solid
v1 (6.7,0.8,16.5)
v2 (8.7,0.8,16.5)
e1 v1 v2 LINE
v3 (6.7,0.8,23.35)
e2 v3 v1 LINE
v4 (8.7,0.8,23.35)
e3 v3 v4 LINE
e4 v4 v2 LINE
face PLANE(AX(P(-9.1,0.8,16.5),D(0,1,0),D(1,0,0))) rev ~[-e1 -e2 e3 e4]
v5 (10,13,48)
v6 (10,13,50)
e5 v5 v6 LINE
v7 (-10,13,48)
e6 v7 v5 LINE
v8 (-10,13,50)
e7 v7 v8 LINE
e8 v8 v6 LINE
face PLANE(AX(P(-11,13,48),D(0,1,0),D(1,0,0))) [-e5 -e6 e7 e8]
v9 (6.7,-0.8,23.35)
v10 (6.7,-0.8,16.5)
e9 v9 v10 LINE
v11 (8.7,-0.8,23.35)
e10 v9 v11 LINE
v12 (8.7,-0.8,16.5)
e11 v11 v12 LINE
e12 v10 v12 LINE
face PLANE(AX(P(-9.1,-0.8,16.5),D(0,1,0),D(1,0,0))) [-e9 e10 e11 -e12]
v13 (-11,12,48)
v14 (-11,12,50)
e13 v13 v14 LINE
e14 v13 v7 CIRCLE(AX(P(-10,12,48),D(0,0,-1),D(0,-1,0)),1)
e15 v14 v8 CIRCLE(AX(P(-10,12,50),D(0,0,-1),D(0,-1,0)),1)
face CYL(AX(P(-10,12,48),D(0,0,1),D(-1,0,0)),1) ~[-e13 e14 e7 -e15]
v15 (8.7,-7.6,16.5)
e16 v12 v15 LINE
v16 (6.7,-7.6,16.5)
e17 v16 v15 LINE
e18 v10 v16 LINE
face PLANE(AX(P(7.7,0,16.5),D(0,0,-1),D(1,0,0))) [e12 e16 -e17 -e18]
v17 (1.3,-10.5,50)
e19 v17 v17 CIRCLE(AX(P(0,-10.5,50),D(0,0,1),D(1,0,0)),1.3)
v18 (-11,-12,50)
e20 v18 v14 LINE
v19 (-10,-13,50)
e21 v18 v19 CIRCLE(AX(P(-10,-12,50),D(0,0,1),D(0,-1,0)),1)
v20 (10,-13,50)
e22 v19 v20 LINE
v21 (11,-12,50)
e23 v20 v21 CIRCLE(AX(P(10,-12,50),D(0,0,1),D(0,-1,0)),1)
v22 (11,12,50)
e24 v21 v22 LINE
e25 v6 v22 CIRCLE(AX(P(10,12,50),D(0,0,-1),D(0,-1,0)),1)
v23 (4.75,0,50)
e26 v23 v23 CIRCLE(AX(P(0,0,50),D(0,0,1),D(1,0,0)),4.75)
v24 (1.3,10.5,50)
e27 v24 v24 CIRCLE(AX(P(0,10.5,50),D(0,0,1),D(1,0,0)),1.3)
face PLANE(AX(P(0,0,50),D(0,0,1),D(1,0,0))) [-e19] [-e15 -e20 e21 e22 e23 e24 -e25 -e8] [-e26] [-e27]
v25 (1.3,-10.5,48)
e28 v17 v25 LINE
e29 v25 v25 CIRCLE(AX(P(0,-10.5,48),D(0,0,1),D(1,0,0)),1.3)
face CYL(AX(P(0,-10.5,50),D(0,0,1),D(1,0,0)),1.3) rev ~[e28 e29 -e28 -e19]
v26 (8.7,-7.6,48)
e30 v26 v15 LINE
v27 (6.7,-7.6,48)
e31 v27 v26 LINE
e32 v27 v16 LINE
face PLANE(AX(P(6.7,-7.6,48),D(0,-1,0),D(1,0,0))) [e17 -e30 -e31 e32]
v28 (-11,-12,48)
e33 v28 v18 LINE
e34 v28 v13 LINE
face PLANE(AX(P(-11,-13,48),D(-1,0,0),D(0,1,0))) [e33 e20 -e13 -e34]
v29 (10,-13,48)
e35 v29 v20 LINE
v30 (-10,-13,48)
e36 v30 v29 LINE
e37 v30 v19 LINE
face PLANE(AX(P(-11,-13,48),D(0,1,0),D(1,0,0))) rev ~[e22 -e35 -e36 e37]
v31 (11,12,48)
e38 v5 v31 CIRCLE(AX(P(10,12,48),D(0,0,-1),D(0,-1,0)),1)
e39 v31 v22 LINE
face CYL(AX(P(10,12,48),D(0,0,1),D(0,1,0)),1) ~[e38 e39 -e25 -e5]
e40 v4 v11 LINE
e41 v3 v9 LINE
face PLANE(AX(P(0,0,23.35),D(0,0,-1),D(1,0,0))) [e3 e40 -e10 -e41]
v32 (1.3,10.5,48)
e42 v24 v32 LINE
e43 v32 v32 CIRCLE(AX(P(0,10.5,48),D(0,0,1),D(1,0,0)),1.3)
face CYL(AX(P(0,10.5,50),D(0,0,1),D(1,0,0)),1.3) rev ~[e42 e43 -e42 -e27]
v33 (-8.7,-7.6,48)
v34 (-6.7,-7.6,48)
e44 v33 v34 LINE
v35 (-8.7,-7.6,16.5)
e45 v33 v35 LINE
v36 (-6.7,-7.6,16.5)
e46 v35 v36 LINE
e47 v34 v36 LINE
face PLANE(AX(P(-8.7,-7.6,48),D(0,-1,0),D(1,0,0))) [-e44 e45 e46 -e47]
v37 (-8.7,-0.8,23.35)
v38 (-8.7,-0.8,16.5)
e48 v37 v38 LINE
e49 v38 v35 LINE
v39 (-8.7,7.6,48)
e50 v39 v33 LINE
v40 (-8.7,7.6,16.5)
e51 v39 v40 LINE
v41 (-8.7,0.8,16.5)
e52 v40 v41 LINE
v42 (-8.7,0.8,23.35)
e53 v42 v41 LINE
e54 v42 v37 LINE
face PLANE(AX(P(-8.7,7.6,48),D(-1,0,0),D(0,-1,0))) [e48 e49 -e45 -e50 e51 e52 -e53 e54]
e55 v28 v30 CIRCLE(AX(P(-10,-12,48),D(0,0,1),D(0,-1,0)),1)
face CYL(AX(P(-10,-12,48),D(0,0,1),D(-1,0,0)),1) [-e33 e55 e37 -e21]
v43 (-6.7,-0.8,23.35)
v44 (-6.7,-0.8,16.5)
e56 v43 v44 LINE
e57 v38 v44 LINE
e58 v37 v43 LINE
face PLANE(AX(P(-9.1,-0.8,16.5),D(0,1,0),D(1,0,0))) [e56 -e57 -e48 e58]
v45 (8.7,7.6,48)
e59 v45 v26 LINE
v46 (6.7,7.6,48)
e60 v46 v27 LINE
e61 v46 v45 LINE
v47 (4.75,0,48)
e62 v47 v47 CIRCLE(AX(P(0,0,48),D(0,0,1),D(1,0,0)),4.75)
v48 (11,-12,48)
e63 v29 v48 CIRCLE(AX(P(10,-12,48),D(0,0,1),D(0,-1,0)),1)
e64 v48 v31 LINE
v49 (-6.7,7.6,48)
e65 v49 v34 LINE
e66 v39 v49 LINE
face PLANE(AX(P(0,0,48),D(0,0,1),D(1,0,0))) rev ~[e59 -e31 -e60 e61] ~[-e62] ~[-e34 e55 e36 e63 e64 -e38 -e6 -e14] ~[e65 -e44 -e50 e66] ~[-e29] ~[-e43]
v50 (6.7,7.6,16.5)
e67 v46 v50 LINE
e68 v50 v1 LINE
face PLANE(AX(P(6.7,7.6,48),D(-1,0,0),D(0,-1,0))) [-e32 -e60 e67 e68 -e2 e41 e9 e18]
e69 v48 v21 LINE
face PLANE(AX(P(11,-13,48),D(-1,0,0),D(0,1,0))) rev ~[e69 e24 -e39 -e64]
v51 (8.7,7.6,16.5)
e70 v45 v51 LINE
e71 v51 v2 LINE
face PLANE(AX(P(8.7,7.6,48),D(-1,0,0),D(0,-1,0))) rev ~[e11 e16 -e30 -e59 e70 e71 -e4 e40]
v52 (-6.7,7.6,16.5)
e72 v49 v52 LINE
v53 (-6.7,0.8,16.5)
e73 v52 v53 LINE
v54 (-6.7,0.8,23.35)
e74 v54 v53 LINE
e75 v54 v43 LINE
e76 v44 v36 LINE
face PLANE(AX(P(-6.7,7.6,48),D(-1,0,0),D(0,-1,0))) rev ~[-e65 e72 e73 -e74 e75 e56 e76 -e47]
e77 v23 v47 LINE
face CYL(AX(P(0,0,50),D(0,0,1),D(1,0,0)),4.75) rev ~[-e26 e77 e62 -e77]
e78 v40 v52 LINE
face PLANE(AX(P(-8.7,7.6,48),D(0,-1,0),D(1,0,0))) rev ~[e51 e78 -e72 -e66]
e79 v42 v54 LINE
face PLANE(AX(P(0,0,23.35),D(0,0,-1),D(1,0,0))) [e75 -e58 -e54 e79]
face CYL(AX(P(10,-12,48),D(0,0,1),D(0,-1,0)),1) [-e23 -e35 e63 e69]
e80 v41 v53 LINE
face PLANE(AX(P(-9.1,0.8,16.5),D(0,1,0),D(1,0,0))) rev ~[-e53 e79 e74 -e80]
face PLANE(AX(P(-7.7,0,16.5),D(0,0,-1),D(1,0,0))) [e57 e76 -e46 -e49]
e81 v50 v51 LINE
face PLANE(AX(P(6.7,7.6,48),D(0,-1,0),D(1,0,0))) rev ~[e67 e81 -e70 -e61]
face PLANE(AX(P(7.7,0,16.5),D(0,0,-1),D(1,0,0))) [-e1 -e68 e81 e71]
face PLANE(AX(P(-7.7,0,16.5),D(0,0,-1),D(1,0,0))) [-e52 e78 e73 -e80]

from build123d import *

# Parameters (mm, degrees)
SKETCH004_W     = 22
SKETCH004_H     = 26
PAD003_DEPTH    = 2
SKETCH011_R     = 4.75
POCKET004_DEPTH = 2.001
SKETCH012_W     = 2
SKETCH012_H     = 15.2
PAD006_DEPTH    = 31.5
SKETCH014_R     = 1.3
POCKET006_DEPTH = 33.501
SKETCH015_W     = 18.2
SKETCH015_H     = 1.6
POCKET007_DEPTH = 6.85
FILLET_R        = 1


with BuildPart() as part:
    # Sketch004 → Pad003 (new body)
    with BuildSketch(Plane.XY):
        Rectangle(SKETCH004_W, SKETCH004_H)
    extrude(amount=PAD003_DEPTH)

    # Sketch011 (on Face6 of Pad003) → Pocket004 (cut, through all)
    with BuildSketch(Plane.XY.offset(2)):
        Circle(SKETCH011_R)
    extrude(amount=-POCKET004_DEPTH, mode=Mode.SUBTRACT)

    # Sketch012 (on Face4 of Pocket004) → Pad006 (join)
    with BuildSketch(Plane(origin=(0, 0, 0), x_dir=(1, 0, 0), z_dir=(0, 0, -1))):
        with Locations((-7.7, 0)):
            Rectangle(SKETCH012_W, SKETCH012_H)
        with Locations((7.7, 0)):
            Rectangle(SKETCH012_W, SKETCH012_H)
    extrude(amount=PAD006_DEPTH)

    # Sketch014 (on Face5 of Pad006) → Pocket006 (cut, through all)
    with BuildSketch(Plane.XY.offset(2)):
        with Locations((0, 10.5)):
            Circle(SKETCH014_R)
        with Locations((0, -10.5)):
            Circle(SKETCH014_R)
    extrude(amount=-POCKET006_DEPTH, mode=Mode.SUBTRACT)

    # Sketch015 (on Face18 of Pocket006) → Pocket007 (cut)
    with BuildSketch(Plane(origin=(0, 0, -31.5), x_dir=(1, 0, 0), z_dir=(0, 0, -1))):
        Rectangle(SKETCH015_W, SKETCH015_H)
    extrude(amount=-POCKET007_DEPTH, mode=Mode.SUBTRACT)

    # Fillet
    fillet_edges = [part.edges().sort_by_distance(p)[0] for p in [
        (11, -13, 1),
        (11, 13, 1),
        (-11, 13, 1),
        (-11, -13, 1),
    ]]
    fillet(fillet_edges, radius=FILLET_R)


with BuildPart() as part_1:
    # Body001 placement: moved
    add(part.part.moved(Location((0, 0, 48))))


solid = part_1.part
